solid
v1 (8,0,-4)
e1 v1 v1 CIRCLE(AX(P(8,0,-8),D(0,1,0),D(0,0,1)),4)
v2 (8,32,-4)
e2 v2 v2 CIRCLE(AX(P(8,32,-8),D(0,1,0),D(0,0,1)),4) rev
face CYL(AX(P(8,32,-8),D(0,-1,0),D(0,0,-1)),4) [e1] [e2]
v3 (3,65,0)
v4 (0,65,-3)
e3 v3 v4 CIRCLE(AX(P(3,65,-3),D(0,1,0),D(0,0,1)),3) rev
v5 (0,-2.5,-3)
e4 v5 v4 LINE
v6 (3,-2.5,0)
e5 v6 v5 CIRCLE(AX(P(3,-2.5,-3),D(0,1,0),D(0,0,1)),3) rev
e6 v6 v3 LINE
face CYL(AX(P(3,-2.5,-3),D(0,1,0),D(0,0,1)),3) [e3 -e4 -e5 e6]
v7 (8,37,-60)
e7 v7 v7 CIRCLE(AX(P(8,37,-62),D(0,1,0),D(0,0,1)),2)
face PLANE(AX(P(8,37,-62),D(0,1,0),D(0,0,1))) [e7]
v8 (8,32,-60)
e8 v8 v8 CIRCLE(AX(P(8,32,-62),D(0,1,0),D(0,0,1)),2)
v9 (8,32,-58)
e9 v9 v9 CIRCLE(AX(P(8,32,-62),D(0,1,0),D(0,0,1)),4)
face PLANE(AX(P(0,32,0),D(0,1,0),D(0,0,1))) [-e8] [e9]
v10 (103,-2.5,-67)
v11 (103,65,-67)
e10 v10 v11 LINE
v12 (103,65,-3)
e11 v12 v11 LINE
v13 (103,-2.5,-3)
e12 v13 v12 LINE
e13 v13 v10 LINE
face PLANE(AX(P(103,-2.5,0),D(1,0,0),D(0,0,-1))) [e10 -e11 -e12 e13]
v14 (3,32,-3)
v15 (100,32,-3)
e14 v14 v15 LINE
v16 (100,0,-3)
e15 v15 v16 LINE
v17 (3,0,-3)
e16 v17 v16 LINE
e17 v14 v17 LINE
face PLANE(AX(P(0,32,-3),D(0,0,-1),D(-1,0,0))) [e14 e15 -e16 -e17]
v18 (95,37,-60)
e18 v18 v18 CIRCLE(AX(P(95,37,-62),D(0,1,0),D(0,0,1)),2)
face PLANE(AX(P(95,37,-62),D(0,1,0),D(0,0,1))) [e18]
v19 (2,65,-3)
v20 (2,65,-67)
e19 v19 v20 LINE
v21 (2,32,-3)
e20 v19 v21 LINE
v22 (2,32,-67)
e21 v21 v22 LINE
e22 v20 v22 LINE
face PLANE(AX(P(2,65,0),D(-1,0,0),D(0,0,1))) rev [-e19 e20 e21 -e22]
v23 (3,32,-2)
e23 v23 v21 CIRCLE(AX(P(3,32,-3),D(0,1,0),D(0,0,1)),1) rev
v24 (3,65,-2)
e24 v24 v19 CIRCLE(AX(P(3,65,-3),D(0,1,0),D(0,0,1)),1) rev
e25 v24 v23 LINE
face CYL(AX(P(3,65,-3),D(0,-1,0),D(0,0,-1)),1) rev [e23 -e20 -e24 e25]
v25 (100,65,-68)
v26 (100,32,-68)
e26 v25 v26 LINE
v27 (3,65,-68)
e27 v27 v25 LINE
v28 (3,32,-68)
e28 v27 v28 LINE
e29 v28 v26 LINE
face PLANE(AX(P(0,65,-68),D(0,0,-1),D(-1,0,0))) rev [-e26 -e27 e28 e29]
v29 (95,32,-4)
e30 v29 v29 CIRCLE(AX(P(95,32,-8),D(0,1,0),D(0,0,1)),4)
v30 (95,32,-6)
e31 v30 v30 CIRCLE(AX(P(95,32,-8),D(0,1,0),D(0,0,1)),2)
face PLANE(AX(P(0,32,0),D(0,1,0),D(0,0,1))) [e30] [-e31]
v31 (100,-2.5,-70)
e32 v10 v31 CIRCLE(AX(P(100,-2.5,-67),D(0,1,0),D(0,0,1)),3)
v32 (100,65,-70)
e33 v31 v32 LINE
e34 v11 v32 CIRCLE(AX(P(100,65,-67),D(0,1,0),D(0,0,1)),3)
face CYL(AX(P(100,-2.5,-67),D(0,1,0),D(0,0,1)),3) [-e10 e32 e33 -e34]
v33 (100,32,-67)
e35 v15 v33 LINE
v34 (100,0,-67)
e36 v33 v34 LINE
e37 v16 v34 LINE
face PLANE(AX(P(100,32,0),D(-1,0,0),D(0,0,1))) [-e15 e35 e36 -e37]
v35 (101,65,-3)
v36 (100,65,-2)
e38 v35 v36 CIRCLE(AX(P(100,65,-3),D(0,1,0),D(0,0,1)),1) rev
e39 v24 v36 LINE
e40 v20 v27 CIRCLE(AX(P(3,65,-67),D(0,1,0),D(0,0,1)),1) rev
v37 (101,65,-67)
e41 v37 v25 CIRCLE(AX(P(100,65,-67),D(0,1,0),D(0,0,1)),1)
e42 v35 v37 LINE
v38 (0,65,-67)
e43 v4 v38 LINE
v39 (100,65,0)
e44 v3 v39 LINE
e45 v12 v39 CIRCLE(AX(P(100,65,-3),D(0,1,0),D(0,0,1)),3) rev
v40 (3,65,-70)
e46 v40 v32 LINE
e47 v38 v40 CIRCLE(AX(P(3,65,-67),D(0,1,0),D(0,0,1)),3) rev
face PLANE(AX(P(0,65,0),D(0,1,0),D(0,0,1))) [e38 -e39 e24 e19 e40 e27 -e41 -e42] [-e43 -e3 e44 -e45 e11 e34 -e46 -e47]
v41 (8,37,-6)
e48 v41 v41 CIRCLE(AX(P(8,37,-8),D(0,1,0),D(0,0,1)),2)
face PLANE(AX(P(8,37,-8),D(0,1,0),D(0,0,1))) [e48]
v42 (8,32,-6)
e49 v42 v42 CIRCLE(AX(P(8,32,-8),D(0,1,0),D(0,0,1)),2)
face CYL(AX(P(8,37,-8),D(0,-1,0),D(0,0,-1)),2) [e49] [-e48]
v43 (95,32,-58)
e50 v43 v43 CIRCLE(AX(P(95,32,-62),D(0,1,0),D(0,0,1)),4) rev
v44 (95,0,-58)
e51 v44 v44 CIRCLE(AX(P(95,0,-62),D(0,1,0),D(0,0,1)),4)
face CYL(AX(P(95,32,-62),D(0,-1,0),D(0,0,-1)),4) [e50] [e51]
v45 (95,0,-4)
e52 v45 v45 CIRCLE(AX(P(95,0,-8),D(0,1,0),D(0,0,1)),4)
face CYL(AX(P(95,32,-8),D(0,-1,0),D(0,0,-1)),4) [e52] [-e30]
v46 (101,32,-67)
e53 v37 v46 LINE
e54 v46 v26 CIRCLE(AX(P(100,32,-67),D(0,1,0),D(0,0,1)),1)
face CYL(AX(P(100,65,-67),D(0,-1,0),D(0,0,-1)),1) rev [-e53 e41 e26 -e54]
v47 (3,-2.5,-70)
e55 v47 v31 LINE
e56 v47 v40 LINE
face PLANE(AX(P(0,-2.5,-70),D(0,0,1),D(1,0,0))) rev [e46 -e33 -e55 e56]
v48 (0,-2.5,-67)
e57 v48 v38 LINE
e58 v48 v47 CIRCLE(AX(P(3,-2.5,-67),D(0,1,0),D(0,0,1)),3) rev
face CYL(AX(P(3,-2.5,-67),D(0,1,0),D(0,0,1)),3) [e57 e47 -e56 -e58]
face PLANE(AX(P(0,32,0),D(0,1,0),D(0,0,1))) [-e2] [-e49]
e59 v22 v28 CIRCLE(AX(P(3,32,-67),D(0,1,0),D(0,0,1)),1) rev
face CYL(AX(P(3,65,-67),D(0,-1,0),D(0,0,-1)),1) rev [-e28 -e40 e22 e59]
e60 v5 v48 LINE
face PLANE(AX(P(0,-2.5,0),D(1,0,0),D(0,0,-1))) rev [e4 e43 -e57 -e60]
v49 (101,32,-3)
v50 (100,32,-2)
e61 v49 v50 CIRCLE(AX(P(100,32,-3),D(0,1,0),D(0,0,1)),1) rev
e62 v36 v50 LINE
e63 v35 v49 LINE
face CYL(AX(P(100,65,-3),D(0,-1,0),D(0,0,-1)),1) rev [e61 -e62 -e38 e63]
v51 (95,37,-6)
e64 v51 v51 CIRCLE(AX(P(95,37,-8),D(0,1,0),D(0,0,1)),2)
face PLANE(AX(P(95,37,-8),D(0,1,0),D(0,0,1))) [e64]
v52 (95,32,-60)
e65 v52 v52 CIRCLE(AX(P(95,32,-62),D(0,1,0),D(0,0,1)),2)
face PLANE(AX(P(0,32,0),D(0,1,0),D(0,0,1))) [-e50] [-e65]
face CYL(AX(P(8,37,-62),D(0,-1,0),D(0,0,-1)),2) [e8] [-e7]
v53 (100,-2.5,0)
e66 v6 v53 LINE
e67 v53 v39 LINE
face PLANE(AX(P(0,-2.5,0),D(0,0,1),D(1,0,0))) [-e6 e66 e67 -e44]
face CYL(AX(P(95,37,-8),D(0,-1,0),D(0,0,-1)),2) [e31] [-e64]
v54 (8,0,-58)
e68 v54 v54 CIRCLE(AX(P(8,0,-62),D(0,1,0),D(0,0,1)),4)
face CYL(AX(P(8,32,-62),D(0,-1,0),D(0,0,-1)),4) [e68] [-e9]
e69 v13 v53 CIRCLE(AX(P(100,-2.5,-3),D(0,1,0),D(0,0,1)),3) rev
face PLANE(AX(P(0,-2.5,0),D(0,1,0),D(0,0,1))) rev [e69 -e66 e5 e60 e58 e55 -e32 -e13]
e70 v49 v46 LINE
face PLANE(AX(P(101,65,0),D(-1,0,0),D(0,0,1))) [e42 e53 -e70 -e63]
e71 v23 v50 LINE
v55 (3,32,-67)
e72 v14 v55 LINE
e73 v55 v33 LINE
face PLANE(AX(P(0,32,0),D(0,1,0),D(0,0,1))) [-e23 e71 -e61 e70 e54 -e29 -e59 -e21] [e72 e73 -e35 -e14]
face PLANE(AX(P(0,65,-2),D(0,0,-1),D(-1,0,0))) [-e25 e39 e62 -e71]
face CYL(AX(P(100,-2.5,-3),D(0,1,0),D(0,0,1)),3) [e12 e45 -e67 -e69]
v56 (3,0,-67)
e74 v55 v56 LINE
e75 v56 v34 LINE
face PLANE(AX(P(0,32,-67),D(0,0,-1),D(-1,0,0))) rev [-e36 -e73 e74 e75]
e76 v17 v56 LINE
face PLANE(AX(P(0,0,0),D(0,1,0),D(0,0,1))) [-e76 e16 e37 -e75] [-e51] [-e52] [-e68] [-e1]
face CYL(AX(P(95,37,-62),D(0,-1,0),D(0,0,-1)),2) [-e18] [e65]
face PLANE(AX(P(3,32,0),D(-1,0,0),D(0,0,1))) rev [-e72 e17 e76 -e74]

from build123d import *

# Parameters (mm, degrees)
BOSS_EXTRUDE4_DEPTH  = 2.5
BOSS_EXTRUDE5_START  = 65
BOSS_EXTRUDE5_DEPTH  = 65
BOSS_EXTRUDE6_START  = 32
SKETCH1_9_W          = 97
SKETCH1_9_H          = 64
SKETCH1_9_R          = 4
BOSS_EXTRUDE6_DEPTH  = 32
SKETCH3_R            = 2
BOSS_EXTRUDE7_DEPTH  = 5
SKETCH6_R            = 2
BOSS_EXTRUDE8_DEPTH  = 5
SKETCH5_R            = 2
BOSS_EXTRUDE9_DEPTH  = 5
SKETCH4_R            = 2
BOSS_EXTRUDE10_DEPTH = 5


with BuildPart() as part:
    # Sketch1 → Boss-Extrude4 (new body)
    with BuildSketch(Plane(origin=(0, 0, 0), x_dir=(1, 0, 0), z_dir=(0, 1, 0))):
        with BuildLine():
            ThreePointArc((0, 3), (0.878679656, 0.878679656), (3, 0))
            Line((3, 0), (100, 0))
            ThreePointArc((100, 0), (102.121320344, 0.878679656), (103, 3))
            Line((103, 3), (103, 67))
            ThreePointArc((103, 67), (102.121320344, 69.121320344), (100, 70))
            Line((100, 70), (3, 70))
            ThreePointArc((3, 70), (0.878679656, 69.121320344), (0, 67))
            Line((0, 67), (0, 3))
        make_face()
    extrude(amount=-BOSS_EXTRUDE4_DEPTH)

    # Sketch1<8> → Boss-Extrude5 (add)
    with BuildSketch(Plane(origin=(0, 0, 0), x_dir=(1, 0, 0), z_dir=(0, 1, 0)).offset(BOSS_EXTRUDE5_START)):
        with BuildLine():
            ThreePointArc((0, 3), (0.878679656, 0.878679656), (3, 0))
            Line((3, 0), (100, 0))
            ThreePointArc((100, 0), (102.121320344, 0.878679656), (103, 3))
            Line((103, 3), (103, 67))
            ThreePointArc((103, 67), (102.121320344, 69.121320344), (100, 70))
            Line((100, 70), (3, 70))
            ThreePointArc((3, 70), (0.878679656, 69.121320344), (0, 67))
            Line((0, 67), (0, 3))
        make_face()
        with BuildLine():
            Line((100, 2), (3, 2))
            ThreePointArc((3, 2), (2.292893219, 2.292893219), (2, 3))
            Line((2, 3), (2, 67))
            ThreePointArc((2, 67), (2.292893219, 67.707106781), (3, 68))
            Line((3, 68), (100, 68))
            ThreePointArc((100, 68), (100.707106781, 67.707106781), (101, 67))
            Line((101, 67), (101, 3))
            ThreePointArc((101, 3), (100.707106781, 2.292893219), (100, 2))
        make_face(mode=Mode.SUBTRACT)
    extrude(amount=-BOSS_EXTRUDE5_DEPTH)

    # Sketch1<9> → Boss-Extrude6 (add)
    # profile 1 of 5: a face of its own
    with BuildSketch(Plane(origin=(0, 0, 0), x_dir=(1, 0, 0), z_dir=(0, 1, 0)).offset(BOSS_EXTRUDE6_START)):
        with BuildLine():
            ThreePointArc((2, 3), (2.292893219, 2.292893219), (3, 2))
            Line((3, 2), (100, 2))
            ThreePointArc((100, 2), (100.707106781, 2.292893219), (101, 3))
            Line((101, 3), (101, 67))
            ThreePointArc((101, 67), (100.707106781, 67.707106781), (100, 68))
            Line((100, 68), (3, 68))
            ThreePointArc((3, 68), (2.292893219, 67.707106781), (2, 67))
            Line((2, 67), (2, 3))
        make_face()
        with Locations((51.5, 35)):
            Rectangle(SKETCH1_9_W, SKETCH1_9_H, mode=Mode.SUBTRACT)
    # profile 2 of 5: a face of its own
    with BuildSketch(Plane(origin=(0, 0, 0), x_dir=(1, 0, 0), z_dir=(0, 1, 0)).offset(BOSS_EXTRUDE6_START)):
        with Locations((95, 8)):
            Circle(SKETCH1_9_R)
    # profile 3 of 5: a face of its own
    with BuildSketch(Plane(origin=(0, 0, 0), x_dir=(1, 0, 0), z_dir=(0, 1, 0)).offset(BOSS_EXTRUDE6_START)):
        with Locations((95, 62)):
            Circle(SKETCH1_9_R)
    # profile 4 of 5: a face of its own
    with BuildSketch(Plane(origin=(0, 0, 0), x_dir=(1, 0, 0), z_dir=(0, 1, 0)).offset(BOSS_EXTRUDE6_START)):
        with Locations((8, 8)):
            Circle(SKETCH1_9_R)
    # profile 5 of 5: a face of its own
    with BuildSketch(Plane(origin=(0, 0, 0), x_dir=(1, 0, 0), z_dir=(0, 1, 0)).offset(BOSS_EXTRUDE6_START)):
        with Locations((8, 62)):
            Circle(SKETCH1_9_R)
    extrude(amount=-BOSS_EXTRUDE6_DEPTH)

    # Sketch3 → Boss-Extrude7 (add)
    with BuildSketch(Plane(origin=(0, 32, 0), x_dir=(1, 0, 0), z_dir=(0, 1, 0))):
        with Locations((8, 62)):
            Circle(SKETCH3_R)
    extrude(amount=BOSS_EXTRUDE7_DEPTH)

    # Sketch6 → Boss-Extrude8 (add)
    with BuildSketch(Plane(origin=(0, 32, 0), x_dir=(1, 0, 0), z_dir=(0, 1, 0))):
        with Locations((95, 62)):
            Circle(SKETCH6_R)
    extrude(amount=BOSS_EXTRUDE8_DEPTH)

    # Sketch5 → Boss-Extrude9 (add)
    with BuildSketch(Plane(origin=(0, 32, 0), x_dir=(1, 0, 0), z_dir=(0, 1, 0))):
        with Locations((95, 8)):
            Circle(SKETCH5_R)
    extrude(amount=BOSS_EXTRUDE9_DEPTH)

    # Sketch4 → Boss-Extrude10 (add)
    with BuildSketch(Plane(origin=(0, 32, 0), x_dir=(1, 0, 0), z_dir=(0, 1, 0))):
        with Locations((8, 8)):
            Circle(SKETCH4_R)
    extrude(amount=BOSS_EXTRUDE10_DEPTH)


solid = part.part
